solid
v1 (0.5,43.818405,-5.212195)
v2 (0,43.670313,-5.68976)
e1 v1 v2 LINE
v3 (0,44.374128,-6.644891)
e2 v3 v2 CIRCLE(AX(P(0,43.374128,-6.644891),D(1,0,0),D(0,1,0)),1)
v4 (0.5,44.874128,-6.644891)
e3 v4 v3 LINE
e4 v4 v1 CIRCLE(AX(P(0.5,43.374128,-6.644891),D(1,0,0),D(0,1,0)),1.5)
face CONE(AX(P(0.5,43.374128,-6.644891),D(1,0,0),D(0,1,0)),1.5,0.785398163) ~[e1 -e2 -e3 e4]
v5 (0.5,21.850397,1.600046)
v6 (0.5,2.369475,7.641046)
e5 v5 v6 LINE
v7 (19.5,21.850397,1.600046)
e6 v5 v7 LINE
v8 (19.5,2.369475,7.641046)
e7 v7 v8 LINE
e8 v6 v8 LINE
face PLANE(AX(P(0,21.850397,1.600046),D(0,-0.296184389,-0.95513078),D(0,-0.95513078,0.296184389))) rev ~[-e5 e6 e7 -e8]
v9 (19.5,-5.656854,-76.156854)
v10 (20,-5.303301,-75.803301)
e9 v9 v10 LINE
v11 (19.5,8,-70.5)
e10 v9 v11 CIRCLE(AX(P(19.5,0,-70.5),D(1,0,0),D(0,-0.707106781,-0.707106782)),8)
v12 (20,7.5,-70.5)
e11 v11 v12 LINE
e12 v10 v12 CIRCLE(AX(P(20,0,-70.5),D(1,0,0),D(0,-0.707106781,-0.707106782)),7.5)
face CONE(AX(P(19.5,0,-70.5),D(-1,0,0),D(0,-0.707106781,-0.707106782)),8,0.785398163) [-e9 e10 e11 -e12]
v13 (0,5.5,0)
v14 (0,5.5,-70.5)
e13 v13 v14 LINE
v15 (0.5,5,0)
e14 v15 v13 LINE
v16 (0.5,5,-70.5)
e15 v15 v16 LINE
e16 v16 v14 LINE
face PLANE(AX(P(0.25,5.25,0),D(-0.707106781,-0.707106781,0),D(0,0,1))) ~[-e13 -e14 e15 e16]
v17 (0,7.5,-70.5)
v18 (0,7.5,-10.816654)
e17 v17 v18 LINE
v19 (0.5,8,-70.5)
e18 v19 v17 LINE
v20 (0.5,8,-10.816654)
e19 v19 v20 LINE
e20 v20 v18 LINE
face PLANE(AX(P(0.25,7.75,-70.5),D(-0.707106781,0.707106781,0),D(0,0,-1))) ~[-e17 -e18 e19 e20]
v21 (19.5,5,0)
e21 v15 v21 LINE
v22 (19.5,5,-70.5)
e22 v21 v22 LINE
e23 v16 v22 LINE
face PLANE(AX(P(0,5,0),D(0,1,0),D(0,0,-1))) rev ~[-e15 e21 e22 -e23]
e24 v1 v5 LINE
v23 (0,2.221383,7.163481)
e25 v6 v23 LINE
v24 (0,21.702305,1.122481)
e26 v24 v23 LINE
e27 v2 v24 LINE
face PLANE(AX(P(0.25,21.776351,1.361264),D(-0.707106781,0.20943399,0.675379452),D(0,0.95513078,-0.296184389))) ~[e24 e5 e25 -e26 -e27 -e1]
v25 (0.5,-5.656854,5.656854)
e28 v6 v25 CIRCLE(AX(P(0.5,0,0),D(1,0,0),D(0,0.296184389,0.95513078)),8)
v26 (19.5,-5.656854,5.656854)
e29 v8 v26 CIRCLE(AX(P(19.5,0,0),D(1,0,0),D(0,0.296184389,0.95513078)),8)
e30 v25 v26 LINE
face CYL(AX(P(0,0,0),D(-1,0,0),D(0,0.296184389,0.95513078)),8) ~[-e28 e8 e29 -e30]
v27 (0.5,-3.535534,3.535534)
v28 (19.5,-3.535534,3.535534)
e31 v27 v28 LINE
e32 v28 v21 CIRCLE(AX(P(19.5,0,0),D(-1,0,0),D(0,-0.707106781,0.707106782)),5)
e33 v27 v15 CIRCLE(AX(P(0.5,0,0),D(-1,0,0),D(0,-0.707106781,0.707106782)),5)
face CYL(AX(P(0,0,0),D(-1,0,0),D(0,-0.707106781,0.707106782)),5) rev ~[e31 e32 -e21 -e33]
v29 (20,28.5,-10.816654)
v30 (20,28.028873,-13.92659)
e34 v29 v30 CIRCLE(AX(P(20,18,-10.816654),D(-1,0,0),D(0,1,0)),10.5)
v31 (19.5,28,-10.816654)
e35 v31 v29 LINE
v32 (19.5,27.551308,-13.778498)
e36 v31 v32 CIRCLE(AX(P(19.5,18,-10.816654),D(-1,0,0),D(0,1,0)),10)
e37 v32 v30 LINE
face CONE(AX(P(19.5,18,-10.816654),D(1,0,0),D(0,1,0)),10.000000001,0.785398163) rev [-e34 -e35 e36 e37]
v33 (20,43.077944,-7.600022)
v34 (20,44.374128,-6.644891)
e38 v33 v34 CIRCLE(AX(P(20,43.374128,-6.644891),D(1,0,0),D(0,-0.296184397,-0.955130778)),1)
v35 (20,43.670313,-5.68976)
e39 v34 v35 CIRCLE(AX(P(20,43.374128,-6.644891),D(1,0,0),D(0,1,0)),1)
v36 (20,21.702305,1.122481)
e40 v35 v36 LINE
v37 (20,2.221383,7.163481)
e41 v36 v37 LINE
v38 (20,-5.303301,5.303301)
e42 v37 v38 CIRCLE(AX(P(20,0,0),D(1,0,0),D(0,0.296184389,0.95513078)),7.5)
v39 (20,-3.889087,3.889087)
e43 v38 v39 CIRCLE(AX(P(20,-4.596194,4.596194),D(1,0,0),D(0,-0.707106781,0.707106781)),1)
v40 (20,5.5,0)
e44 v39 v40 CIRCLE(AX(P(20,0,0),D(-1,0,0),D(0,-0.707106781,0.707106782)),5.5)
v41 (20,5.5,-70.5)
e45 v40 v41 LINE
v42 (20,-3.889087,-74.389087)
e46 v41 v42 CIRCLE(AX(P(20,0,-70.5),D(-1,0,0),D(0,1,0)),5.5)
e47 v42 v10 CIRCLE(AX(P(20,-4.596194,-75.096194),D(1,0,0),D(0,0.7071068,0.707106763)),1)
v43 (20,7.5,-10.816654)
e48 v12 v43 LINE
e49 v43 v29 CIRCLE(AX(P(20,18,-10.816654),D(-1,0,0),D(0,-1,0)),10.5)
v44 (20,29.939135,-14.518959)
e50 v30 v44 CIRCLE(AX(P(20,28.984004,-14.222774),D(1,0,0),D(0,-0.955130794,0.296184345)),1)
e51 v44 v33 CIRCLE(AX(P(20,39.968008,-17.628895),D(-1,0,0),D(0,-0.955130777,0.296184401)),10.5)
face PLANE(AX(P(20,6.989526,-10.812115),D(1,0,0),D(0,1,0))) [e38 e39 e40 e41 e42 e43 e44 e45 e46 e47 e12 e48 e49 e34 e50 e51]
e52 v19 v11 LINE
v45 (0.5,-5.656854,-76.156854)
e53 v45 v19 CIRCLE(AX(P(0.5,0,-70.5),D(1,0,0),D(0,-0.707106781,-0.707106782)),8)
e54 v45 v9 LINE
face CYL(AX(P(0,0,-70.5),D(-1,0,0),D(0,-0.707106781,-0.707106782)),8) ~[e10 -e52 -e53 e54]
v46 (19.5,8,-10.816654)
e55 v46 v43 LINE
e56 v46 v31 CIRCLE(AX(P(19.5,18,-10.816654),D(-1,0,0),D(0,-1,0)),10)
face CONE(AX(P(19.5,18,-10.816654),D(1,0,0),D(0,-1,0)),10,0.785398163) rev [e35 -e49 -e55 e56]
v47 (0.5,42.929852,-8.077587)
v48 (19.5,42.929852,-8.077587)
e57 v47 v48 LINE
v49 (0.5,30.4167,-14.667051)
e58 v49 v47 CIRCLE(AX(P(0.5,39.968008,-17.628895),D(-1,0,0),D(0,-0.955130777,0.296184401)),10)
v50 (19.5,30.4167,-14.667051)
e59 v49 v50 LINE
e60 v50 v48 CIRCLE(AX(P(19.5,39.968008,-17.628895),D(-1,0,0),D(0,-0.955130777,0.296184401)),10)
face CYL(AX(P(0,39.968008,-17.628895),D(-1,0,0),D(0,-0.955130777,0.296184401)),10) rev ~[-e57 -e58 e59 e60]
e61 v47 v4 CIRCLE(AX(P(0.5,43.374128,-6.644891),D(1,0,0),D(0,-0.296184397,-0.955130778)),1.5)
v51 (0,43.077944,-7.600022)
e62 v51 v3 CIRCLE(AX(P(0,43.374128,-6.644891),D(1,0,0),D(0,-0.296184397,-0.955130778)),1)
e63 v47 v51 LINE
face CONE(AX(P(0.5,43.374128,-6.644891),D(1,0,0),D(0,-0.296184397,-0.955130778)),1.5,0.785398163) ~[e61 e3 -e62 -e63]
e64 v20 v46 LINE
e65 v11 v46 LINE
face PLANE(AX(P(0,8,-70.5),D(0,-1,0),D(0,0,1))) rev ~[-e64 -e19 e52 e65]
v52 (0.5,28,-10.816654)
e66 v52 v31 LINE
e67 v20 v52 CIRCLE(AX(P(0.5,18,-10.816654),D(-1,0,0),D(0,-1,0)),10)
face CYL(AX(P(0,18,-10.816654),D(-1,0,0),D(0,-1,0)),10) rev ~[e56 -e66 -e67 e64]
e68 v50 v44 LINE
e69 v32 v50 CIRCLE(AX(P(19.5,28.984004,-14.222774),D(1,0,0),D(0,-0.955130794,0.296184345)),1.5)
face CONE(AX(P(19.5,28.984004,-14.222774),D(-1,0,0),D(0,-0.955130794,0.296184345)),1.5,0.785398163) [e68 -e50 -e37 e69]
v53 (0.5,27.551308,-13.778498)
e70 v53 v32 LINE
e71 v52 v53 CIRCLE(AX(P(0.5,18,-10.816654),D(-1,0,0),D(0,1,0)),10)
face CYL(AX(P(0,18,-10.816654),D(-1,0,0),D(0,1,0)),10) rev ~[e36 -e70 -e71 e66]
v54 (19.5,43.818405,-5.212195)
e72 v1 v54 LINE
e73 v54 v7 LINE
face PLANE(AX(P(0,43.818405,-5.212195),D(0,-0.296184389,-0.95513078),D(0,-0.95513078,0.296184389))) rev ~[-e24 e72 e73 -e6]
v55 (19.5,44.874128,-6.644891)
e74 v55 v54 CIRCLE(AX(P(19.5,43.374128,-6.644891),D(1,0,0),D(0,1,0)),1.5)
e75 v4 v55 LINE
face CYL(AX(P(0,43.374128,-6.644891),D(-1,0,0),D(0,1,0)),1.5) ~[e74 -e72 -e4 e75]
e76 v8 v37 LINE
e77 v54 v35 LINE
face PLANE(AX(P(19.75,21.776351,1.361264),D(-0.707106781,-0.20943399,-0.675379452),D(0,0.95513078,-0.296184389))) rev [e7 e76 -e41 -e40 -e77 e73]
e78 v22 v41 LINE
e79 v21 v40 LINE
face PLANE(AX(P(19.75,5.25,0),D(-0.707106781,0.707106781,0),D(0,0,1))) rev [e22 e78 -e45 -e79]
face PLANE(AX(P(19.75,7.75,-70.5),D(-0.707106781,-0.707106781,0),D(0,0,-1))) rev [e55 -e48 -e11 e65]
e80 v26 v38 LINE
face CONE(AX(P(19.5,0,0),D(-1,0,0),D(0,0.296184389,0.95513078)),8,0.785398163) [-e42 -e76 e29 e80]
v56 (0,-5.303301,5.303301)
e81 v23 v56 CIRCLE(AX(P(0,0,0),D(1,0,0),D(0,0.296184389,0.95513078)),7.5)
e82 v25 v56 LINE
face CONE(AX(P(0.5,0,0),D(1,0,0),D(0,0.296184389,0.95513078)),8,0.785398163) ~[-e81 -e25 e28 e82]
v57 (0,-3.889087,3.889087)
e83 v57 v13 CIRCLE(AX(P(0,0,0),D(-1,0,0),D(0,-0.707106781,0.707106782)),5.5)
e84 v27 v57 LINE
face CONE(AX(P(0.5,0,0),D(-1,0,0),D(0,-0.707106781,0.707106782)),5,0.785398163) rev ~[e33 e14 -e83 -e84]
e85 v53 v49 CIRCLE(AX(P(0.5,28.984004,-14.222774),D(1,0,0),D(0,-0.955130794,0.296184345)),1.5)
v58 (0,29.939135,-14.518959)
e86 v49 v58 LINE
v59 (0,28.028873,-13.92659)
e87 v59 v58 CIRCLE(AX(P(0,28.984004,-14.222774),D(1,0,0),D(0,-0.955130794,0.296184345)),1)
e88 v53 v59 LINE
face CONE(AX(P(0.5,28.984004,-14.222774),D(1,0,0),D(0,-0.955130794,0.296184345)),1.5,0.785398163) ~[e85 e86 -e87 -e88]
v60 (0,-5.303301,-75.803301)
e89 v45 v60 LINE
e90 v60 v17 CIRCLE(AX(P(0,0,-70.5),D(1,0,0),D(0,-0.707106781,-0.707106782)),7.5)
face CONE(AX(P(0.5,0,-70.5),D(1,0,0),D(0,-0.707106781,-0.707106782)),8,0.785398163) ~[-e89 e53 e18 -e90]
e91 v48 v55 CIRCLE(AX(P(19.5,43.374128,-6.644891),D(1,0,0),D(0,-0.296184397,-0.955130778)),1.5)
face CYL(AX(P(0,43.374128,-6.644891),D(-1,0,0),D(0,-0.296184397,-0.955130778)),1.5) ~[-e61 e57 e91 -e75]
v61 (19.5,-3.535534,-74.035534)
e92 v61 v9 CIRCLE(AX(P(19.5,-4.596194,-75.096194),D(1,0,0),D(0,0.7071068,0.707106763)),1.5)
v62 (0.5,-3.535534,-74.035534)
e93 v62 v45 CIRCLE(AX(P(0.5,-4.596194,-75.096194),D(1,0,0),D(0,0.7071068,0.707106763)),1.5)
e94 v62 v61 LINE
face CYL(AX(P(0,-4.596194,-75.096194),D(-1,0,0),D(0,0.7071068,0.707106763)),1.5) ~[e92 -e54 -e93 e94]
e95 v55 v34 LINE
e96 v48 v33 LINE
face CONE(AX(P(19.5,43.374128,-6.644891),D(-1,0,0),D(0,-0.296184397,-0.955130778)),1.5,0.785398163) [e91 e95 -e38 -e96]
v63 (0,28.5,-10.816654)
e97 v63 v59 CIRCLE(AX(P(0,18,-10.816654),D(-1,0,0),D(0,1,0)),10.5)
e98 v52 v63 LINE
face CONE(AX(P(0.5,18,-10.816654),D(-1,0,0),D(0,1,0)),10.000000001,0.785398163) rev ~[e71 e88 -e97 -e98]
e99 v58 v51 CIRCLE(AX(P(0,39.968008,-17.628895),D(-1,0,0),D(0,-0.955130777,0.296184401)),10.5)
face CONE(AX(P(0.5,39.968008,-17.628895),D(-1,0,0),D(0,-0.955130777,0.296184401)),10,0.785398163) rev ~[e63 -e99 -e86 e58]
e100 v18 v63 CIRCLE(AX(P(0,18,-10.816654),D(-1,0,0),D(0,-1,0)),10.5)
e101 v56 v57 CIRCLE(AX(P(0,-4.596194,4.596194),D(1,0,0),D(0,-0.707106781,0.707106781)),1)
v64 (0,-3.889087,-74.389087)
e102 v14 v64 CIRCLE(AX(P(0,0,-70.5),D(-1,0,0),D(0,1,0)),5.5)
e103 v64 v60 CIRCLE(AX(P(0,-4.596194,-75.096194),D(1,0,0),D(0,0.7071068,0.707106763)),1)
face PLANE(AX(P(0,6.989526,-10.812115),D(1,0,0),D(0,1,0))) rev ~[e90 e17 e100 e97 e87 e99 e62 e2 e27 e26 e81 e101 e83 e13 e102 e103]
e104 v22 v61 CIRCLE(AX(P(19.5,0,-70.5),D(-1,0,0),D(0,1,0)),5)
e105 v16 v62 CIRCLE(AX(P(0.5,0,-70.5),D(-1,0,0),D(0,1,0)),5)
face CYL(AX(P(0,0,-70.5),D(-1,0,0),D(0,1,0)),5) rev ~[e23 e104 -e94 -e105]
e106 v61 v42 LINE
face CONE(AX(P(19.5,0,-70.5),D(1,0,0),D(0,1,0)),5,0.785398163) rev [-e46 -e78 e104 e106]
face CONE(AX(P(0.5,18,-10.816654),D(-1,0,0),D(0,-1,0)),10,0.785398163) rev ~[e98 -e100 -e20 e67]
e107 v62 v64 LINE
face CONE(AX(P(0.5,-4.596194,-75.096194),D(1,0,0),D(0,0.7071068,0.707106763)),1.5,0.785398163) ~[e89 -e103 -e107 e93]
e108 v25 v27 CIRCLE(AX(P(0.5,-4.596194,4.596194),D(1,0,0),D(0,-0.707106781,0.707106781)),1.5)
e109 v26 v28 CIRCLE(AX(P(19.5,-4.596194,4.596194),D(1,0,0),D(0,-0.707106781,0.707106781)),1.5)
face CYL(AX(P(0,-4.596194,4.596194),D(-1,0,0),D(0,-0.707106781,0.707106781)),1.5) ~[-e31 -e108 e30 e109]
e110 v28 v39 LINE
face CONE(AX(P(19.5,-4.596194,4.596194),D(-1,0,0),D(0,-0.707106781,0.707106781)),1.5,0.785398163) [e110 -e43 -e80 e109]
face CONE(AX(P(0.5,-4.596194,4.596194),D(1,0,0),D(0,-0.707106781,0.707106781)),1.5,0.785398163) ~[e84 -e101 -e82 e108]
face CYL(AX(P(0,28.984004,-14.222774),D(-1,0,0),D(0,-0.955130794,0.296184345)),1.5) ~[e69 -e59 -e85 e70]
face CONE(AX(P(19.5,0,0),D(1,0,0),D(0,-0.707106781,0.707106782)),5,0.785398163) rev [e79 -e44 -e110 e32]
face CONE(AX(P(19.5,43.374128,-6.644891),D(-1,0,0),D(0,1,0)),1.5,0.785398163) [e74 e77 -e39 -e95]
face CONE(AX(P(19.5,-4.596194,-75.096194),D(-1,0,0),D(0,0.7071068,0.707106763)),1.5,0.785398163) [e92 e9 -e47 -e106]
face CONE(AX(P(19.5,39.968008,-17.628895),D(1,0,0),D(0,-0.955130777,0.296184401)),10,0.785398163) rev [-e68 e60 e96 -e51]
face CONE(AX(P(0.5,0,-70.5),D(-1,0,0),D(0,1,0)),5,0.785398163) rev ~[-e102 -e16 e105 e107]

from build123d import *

# Parameters (mm, degrees)
F1_DEPTH = 20
F2_SIZE  = 0.5


with BuildPart() as f1:
    # F0 (on Right) → F1 (new body)
    with BuildSketch(Plane.YZ):
        with BuildLine():
            ThreePointArc((8, -2.5100299635), (7.3979430927, -3.2935966464), (6.8571428166, -4.1206300966))
            ThreePointArc((6.8571428166, -4.1206300966), (5.4728865379, -7.3422577195), (5, -10.8166538264))
            ThreePointArc((5, -10.8166538264), (5.7729807394, -15.2325342596), (8, -19.1232776893))
            Line((8, -19.1232776893), (8, -10.8166538264))
            Line((8, -10.8166538264), (8, -2.5100299635))
        make_face()
        with BuildLine():
            ThreePointArc((-3.5355339038, 3.5355339081), (1.9134171632, 4.619397662), (5, 0))
            Line((5, 0), (5, -6.2449979984))
            ThreePointArc((5, -6.2449979984), (6.022972164, -5.2653400945), (6.8571428166, -4.1206300966))
            ThreePointArc((6.8571428166, -4.1206300966), (7.7089928828, -2.1380899732), (8, 0))
            ThreePointArc((8, 0), (6.4403338781, 4.7457454145), (2.3694751153, 7.6410462424))
            ThreePointArc((2.3694751153, 7.6410462424), (-1.9198879809, 7.7662107968), (-5.6568542495, 5.6568542495))
            ThreePointArc((-5.6568542495, 5.6568542495), (-4.0221689292, 5.9820133765), (-3.0961940777, 4.5961940777))
            ThreePointArc((-3.0961940777, 4.5961940777), (-3.2103747784, 4.0221689306), (-3.5355339038, 3.5355339081))
        make_face()
        with BuildLine():
            ThreePointArc((-5.6568542495, 5.6568542495), (-5.6568542484, 3.5355339049), (-3.5355339038, 3.5355339081))
            ThreePointArc((-3.5355339038, 3.5355339081), (-3.2103747784, 4.0221689306), (-3.0961940777, 4.5961940777))
            ThreePointArc((-3.0961940777, 4.5961940777), (-4.0221689292, 5.9820133765), (-5.6568542495, 5.6568542495))
        make_face()
        with BuildLine():
            ThreePointArc((8, -70.5), (7.2111025509, -67.0358983849), (5, -64.2550020016))
            Line((5, -64.2550020016), (5, -70.5))
            ThreePointArc((5, -70.5), (1.91341718, -75.119397655), (-3.5355338781, -74.0355339338))
            ThreePointArc((-3.5355338781, -74.0355339338), (-3.2103747714, -74.5221689473), (-3.0961940777, -75.0961940777))
            ThreePointArc((-3.0961940777, -75.0961940777), (-4.0221689259, -76.4820133751), (-5.6568542445, -76.1568542545))
            ThreePointArc((-5.6568542445, -76.1568542545), (3.0614674622, -77.8910362587), (8, -70.5))
        make_face()
        with BuildLine():
            ThreePointArc((-3.5355338781, -74.0355339338), (-5.6568542381, -74.0355338945), (-5.6568542445, -76.1568542545))
            ThreePointArc((-5.6568542445, -76.1568542545), (-4.0221689259, -76.4820133751), (-3.0961940777, -75.0961940777))
            ThreePointArc((-3.0961940777, -75.0961940777), (-3.2103747714, -74.5221689473), (-3.5355338781, -74.0355339338))
        make_face()
        with BuildLine():
            ThreePointArc((6.8571428166, -4.1206300966), (6.022972164, -5.2653400945), (5, -6.2449979984))
            Line((5, -6.2449979984), (5, -10.8166538264))
            ThreePointArc((5, -10.8166538264), (5.4728865379, -7.3422577195), (6.8571428166, -4.1206300966))
        make_face()
        with BuildLine():
            ThreePointArc((21.8503970623, 1.6000463175), (14.3016779708, 1.6461875097), (8, -2.5100299635))
            Line((8, -2.5100299635), (8, -10.8166538264))
            ThreePointArc((8, -10.8166538264), (18, -0.8166538264), (28, -10.8166538264))
            ThreePointArc((28, -10.8166538264), (27.8871906481, -12.3144726031), (27.5513077824, -13.7784977868))
            ThreePointArc((27.5513077824, -13.7784977868), (29.2086767505, -12.7396957014), (30.4840039734, -14.2227743046))
            ThreePointArc((30.4840039734, -14.2227743046), (30.4670825809, -14.4474470536), (30.4167001812, -14.6670507681))
            ThreePointArc((30.4167001812, -14.6670507681), (30.8533478588, -12.7638181291), (31, -10.8166538264))
            ThreePointArc((31, -10.8166538264), (28.4655425519, -3.1048175279), (21.8503970623, 1.6000463175))
        make_face()
        with BuildLine():
            ThreePointArc((27.5513077824, -13.7784977868), (28.5397274827, -15.655470504), (30.4167001812, -14.6670507681))
            ThreePointArc((30.4167001812, -14.6670507681), (30.4670825809, -14.4474470536), (30.4840039734, -14.2227743046))
            ThreePointArc((30.4840039734, -14.2227743046), (29.2086767505, -12.7396957014), (27.5513077824, -13.7784977868))
        make_face()
        with BuildLine():
            ThreePointArc((8, 0), (7.7089928828, -2.1380899732), (6.8571428166, -4.1206300966))
            ThreePointArc((6.8571428166, -4.1206300966), (7.3979430927, -3.2935966464), (8, -2.5100299635))
            Line((8, -2.5100299635), (8, 0))
        make_face()
        with BuildLine():
            ThreePointArc((8, -19.1232776893), (5.7729807394, -15.2325342596), (5, -10.8166538264))
            Line((5, -10.8166538264), (5, -64.2550020016))
            ThreePointArc((5, -64.2550020016), (7.2111025509, -67.0358983849), (8, -70.5))
            Line((8, -70.5), (8, -19.1232776893))
        make_face()
        with BuildLine():
            Line((21.8503970623, 1.6000463175), (2.3694751153, 7.6410462424))
            ThreePointArc((2.3694751153, 7.6410462424), (6.4403338781, 4.7457454145), (8, 0))
            Line((8, 0), (8, -2.5100299635))
            ThreePointArc((8, -2.5100299635), (14.3016779708, 1.6461875097), (21.8503970623, 1.6000463175))
        make_face()
        with BuildLine():
            Line((43.8184051491, -5.2121946824), (21.8503970623, 1.6000463175))
            ThreePointArc((21.8503970623, 1.6000463175), (28.4655425519, -3.1048175279), (31, -10.8166538264))
            ThreePointArc((31, -10.8166538264), (30.8533478588, -12.7638181291), (30.4167001812, -14.6670507681))
            ThreePointArc((30.4167001812, -14.6670507681), (35.3085533829, -8.7807603373), (42.9298518292, -8.0775869762))
            ThreePointArc((42.9298518292, -8.0775869762), (41.9414322781, -6.2006141495), (43.8184051491, -5.2121946824))
        make_face()
        with BuildLine():
            ThreePointArc((44.874128425, -6.6448908094), (44.5816910706, -5.7550636032), (43.8184051491, -5.2121946824))
            ThreePointArc((43.8184051491, -5.2121946824), (41.9414322781, -6.2006141495), (42.9298518292, -8.0775869762))
            ThreePointArc((42.9298518292, -8.0775869762), (44.2639556853, -7.8524534152), (44.874128425, -6.6448908094))
        make_face()
    extrude(amount=F1_DEPTH)

    # F2
    f2_edges = [f1.edges().sort_by_distance(p)[0] for p in [
        (20, -1.919888, 7.766211),
        (20, -5.656854, 3.535534),
        (20, 1.913417, 4.619398),
        (20, 5, -35.25),
        (20, 1.913417, -75.119398),
        (20, -5.656854, -74.035534),
        (20, 3.061467, -77.891036),
        (20, 8, -40.658327),
        (20, 19.497819, -0.929463),
        (20, 28.539727, -15.655471),
        (20, 35.308553, -8.78076),
        (20, 44.806825, -7.089167),
        (20, 23.09394, 1.214426),
        (0, -1.919888, 7.766211),
        (0, -5.656854, 3.535534),
        (0, 1.913417, 4.619398),
        (0, 5, -35.25),
        (0, 1.913417, -75.119398),
        (0, -5.656854, -74.035534),
        (0, 3.061467, -77.891036),
        (0, 8, -40.658327),
        (0, 19.497819, -0.929463),
        (0, 28.539727, -15.655471),
        (0, 35.308553, -8.78076),
        (0, 44.806825, -7.089167),
        (0, 23.09394, 1.214426),
    ]]
    chamfer(f2_edges, length=F2_SIZE)


solid = f1.part
